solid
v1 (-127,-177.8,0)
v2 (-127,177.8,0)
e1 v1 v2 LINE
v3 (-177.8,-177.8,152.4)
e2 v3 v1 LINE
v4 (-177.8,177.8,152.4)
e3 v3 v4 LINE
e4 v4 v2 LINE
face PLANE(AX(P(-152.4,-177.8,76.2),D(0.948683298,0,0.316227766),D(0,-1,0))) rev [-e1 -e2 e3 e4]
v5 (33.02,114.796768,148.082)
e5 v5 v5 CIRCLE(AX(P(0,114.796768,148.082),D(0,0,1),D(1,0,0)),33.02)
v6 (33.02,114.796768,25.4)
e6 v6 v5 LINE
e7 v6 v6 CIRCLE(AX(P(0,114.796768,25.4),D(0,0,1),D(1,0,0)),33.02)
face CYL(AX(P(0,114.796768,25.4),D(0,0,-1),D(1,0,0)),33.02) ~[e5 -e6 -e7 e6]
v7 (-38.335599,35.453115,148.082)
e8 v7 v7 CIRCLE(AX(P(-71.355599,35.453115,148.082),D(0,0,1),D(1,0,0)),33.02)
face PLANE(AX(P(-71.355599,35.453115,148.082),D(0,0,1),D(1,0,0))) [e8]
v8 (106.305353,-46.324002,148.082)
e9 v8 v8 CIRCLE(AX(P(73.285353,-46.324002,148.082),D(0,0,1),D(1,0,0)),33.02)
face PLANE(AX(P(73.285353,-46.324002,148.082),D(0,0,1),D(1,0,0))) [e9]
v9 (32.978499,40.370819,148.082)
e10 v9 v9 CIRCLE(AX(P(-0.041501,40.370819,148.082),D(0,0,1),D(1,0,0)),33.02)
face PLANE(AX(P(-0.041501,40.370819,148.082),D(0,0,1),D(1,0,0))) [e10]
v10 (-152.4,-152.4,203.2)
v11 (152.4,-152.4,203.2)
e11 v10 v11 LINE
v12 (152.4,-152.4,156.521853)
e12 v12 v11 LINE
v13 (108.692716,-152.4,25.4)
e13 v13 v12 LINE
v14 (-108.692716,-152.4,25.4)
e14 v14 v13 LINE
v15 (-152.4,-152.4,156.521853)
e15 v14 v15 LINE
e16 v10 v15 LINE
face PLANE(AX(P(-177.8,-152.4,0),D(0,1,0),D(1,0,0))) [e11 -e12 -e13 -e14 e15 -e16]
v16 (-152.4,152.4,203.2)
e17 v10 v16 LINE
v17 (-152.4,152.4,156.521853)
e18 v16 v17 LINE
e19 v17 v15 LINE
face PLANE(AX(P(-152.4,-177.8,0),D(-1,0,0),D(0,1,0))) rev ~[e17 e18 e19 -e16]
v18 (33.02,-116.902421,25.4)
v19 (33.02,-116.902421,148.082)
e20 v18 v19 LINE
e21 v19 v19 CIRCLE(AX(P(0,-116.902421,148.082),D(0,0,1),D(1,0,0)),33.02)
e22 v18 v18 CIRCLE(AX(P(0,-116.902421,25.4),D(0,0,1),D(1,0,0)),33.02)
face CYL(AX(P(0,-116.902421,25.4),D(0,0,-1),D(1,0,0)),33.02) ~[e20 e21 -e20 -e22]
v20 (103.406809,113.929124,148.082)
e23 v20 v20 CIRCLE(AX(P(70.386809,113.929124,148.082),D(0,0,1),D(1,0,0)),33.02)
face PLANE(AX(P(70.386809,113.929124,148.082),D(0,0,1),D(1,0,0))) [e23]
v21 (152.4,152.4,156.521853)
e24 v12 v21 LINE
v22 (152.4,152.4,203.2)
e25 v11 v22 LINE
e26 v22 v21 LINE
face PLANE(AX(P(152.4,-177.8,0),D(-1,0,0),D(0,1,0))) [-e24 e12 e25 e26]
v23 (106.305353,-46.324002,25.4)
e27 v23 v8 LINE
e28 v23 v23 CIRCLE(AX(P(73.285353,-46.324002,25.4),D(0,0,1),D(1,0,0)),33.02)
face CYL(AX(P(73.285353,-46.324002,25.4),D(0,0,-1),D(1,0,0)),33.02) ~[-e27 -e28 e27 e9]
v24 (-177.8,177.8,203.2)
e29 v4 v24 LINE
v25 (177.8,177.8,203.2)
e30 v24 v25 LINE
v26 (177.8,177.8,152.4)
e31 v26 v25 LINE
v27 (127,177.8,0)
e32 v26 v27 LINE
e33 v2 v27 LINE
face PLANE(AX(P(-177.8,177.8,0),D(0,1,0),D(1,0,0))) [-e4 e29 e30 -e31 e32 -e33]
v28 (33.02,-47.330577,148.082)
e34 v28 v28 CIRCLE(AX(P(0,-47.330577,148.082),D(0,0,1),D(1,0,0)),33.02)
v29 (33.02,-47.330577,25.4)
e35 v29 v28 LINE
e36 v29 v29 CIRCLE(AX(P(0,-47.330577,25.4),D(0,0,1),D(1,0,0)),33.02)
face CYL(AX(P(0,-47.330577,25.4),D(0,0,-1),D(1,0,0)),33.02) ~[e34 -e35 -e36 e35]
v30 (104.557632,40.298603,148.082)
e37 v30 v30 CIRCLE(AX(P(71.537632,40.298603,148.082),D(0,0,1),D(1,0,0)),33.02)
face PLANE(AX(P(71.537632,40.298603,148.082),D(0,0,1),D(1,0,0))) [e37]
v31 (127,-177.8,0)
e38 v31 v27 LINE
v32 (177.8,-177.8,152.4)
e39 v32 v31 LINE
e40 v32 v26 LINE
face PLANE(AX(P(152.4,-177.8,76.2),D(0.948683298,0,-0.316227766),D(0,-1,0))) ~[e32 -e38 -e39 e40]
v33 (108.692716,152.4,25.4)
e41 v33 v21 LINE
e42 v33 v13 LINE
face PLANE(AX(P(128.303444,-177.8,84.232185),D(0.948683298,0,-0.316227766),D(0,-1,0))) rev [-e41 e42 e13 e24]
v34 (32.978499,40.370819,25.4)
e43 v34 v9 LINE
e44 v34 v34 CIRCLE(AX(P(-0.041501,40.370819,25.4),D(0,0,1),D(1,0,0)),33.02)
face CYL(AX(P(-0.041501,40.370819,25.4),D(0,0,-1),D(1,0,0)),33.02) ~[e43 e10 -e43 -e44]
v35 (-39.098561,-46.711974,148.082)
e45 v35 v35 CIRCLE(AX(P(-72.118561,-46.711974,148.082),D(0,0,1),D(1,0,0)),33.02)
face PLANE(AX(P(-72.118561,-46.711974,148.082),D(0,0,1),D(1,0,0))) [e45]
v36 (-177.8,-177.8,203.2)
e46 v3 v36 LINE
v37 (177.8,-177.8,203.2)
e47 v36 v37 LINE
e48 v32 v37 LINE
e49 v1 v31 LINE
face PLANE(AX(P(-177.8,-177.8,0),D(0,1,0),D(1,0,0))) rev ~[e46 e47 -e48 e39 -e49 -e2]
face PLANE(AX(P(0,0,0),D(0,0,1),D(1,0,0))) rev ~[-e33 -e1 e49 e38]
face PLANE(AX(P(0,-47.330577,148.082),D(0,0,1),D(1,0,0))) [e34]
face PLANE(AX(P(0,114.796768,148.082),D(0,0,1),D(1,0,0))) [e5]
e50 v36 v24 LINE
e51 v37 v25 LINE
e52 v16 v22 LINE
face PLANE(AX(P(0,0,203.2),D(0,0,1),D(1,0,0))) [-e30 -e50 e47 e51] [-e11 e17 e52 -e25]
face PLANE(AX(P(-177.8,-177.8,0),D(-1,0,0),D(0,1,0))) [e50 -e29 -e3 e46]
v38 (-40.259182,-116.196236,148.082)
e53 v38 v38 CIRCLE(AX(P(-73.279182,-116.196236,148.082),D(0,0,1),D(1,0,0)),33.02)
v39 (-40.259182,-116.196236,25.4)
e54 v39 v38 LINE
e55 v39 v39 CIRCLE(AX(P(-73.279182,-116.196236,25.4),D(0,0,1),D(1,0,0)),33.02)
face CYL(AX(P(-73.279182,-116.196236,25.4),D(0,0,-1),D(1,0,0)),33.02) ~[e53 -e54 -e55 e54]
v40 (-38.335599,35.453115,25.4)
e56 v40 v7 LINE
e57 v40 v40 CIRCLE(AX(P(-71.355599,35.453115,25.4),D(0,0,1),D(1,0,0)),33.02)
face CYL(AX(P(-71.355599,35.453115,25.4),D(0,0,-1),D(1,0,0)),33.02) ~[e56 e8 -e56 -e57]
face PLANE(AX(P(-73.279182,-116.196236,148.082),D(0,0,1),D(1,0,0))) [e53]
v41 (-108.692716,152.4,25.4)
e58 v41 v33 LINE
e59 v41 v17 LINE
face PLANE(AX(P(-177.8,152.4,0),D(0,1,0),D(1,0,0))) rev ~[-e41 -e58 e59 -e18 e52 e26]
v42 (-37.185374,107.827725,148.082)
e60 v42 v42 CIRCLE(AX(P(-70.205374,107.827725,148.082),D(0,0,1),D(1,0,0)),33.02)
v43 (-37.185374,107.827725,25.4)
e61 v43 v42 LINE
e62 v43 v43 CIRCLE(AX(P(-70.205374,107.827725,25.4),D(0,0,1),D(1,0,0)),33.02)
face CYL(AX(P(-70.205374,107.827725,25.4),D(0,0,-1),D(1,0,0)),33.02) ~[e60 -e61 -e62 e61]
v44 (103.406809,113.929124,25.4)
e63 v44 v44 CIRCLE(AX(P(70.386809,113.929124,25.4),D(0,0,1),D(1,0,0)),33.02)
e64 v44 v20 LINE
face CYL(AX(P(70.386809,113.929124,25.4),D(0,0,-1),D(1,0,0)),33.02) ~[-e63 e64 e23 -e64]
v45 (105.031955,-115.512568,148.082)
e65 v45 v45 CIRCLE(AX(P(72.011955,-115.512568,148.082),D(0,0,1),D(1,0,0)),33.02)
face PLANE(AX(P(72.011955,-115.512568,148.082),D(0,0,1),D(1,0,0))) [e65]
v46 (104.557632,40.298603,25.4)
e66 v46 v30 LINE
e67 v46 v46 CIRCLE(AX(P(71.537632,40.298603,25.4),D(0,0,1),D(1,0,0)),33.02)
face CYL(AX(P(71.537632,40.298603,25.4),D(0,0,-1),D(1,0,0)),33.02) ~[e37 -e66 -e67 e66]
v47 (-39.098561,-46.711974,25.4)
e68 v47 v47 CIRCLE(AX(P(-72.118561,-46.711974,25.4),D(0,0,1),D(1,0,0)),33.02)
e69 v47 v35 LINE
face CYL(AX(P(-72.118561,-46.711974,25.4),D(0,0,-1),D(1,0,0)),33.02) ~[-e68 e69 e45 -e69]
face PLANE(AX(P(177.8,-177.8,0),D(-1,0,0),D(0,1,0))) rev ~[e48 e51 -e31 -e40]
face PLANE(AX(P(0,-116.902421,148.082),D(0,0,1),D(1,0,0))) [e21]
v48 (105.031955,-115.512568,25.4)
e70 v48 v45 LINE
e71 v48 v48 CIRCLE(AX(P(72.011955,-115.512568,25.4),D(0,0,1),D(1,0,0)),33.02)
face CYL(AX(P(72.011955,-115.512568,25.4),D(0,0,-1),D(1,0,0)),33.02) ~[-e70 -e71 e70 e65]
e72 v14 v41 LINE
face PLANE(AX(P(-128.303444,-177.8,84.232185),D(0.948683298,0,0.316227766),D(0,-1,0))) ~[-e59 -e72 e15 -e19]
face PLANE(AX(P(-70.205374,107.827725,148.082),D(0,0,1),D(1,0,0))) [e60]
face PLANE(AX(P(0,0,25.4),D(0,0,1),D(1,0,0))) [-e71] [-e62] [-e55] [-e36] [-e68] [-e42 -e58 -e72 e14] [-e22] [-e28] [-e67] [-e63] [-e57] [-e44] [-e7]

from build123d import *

# Parameters (mm, degrees)
F0_W       = 355.6
F0_H       = 355.6
F1_DEPTH   = 203.2
F2_SIZE2   = 50.8
F2_SIZE    = 152.4
F2_2_SIZE2 = 50.8
F2_2_SIZE  = 152.4
F3_T       = -25.4
F4_R       = 33.02
F5_DEPTH   = 122.682
F6_R       = 33.02
F7_DEPTH   = 122.682
F8_DEPTH   = 122.682


with BuildPart() as f1:
    # F0 (on Top) → F1 (new body)
    with BuildSketch(Plane.XY):
        Rectangle(F0_W, F0_H)
    extrude(amount=F1_DEPTH)

    # F2
    f2_edges = [f1.edges().sort_by_distance(p)[0] for p in [
        (177.8, 0, 0),
    ]]
    f2_side = f1.faces().sort_by_distance((177.8, 0, 101.6))[0]
    chamfer(f2_edges, length=F2_SIZE, length2=F2_SIZE2, reference=f2_side)

    # F2#2
    f2_2_edges = [f1.edges().sort_by_distance(p)[0] for p in [
        (-177.8, 0, 0),
    ]]
    f2_2_side = f1.faces().sort_by_distance((-177.8, 0, 101.6))[0]
    chamfer(f2_2_edges, length=F2_2_SIZE, length2=F2_2_SIZE2, reference=f2_2_side)

    # F3
    f3_openings = [f1.faces().sort_by_distance(p)[0] for p in [
        (0, 0, 203.2),
    ]]
    offset(amount=F3_T, openings=f3_openings)

    # F4 (on face) → F5 (join)
    with BuildSketch(Plane.XY.offset(25.4)):
        with Locations((-70.2053735407, 107.8277250077)):
            Circle(F4_R)
    extrude(amount=F5_DEPTH)

    # F6 (on face) → F7 (join)
    with BuildSketch(Plane.XY.offset(25.4)):
        with Locations((0, 114.7967680478)):
            Circle(F6_R)
    extrude(amount=F7_DEPTH)

    # F6 (on face) → F8 (join)
    with BuildSketch(Plane.XY.offset(25.4)):
        with Locations((0, 114.7967680478)):
            Circle(F6_R)
        with Locations((70.3868092574, 113.9291237052)):
            Circle(F6_R)
        with Locations((71.5376321746, 40.2986026845)):
            Circle(F6_R)
        with Locations((-0.0415008555, 40.3708189575)):
            Circle(F6_R)
        with Locations((-71.3555991826, 35.4531153915)):
            Circle(F6_R)
        with Locations((-72.1185611385, -46.7119736662)):
            Circle(F6_R)
        with Locations((0, -47.3305765696)):
            Circle(F6_R)
        with Locations((73.2853530286, -46.3240017531)):
            Circle(F6_R)
        with Locations((72.011954595, -115.5125677872)):
            Circle(F6_R)
        with Locations((0, -116.9024210642)):
            Circle(F6_R)
        with Locations((-73.2791824184, -116.1962359046)):
            Circle(F6_R)
    extrude(amount=F8_DEPTH)


solid = f1.part
